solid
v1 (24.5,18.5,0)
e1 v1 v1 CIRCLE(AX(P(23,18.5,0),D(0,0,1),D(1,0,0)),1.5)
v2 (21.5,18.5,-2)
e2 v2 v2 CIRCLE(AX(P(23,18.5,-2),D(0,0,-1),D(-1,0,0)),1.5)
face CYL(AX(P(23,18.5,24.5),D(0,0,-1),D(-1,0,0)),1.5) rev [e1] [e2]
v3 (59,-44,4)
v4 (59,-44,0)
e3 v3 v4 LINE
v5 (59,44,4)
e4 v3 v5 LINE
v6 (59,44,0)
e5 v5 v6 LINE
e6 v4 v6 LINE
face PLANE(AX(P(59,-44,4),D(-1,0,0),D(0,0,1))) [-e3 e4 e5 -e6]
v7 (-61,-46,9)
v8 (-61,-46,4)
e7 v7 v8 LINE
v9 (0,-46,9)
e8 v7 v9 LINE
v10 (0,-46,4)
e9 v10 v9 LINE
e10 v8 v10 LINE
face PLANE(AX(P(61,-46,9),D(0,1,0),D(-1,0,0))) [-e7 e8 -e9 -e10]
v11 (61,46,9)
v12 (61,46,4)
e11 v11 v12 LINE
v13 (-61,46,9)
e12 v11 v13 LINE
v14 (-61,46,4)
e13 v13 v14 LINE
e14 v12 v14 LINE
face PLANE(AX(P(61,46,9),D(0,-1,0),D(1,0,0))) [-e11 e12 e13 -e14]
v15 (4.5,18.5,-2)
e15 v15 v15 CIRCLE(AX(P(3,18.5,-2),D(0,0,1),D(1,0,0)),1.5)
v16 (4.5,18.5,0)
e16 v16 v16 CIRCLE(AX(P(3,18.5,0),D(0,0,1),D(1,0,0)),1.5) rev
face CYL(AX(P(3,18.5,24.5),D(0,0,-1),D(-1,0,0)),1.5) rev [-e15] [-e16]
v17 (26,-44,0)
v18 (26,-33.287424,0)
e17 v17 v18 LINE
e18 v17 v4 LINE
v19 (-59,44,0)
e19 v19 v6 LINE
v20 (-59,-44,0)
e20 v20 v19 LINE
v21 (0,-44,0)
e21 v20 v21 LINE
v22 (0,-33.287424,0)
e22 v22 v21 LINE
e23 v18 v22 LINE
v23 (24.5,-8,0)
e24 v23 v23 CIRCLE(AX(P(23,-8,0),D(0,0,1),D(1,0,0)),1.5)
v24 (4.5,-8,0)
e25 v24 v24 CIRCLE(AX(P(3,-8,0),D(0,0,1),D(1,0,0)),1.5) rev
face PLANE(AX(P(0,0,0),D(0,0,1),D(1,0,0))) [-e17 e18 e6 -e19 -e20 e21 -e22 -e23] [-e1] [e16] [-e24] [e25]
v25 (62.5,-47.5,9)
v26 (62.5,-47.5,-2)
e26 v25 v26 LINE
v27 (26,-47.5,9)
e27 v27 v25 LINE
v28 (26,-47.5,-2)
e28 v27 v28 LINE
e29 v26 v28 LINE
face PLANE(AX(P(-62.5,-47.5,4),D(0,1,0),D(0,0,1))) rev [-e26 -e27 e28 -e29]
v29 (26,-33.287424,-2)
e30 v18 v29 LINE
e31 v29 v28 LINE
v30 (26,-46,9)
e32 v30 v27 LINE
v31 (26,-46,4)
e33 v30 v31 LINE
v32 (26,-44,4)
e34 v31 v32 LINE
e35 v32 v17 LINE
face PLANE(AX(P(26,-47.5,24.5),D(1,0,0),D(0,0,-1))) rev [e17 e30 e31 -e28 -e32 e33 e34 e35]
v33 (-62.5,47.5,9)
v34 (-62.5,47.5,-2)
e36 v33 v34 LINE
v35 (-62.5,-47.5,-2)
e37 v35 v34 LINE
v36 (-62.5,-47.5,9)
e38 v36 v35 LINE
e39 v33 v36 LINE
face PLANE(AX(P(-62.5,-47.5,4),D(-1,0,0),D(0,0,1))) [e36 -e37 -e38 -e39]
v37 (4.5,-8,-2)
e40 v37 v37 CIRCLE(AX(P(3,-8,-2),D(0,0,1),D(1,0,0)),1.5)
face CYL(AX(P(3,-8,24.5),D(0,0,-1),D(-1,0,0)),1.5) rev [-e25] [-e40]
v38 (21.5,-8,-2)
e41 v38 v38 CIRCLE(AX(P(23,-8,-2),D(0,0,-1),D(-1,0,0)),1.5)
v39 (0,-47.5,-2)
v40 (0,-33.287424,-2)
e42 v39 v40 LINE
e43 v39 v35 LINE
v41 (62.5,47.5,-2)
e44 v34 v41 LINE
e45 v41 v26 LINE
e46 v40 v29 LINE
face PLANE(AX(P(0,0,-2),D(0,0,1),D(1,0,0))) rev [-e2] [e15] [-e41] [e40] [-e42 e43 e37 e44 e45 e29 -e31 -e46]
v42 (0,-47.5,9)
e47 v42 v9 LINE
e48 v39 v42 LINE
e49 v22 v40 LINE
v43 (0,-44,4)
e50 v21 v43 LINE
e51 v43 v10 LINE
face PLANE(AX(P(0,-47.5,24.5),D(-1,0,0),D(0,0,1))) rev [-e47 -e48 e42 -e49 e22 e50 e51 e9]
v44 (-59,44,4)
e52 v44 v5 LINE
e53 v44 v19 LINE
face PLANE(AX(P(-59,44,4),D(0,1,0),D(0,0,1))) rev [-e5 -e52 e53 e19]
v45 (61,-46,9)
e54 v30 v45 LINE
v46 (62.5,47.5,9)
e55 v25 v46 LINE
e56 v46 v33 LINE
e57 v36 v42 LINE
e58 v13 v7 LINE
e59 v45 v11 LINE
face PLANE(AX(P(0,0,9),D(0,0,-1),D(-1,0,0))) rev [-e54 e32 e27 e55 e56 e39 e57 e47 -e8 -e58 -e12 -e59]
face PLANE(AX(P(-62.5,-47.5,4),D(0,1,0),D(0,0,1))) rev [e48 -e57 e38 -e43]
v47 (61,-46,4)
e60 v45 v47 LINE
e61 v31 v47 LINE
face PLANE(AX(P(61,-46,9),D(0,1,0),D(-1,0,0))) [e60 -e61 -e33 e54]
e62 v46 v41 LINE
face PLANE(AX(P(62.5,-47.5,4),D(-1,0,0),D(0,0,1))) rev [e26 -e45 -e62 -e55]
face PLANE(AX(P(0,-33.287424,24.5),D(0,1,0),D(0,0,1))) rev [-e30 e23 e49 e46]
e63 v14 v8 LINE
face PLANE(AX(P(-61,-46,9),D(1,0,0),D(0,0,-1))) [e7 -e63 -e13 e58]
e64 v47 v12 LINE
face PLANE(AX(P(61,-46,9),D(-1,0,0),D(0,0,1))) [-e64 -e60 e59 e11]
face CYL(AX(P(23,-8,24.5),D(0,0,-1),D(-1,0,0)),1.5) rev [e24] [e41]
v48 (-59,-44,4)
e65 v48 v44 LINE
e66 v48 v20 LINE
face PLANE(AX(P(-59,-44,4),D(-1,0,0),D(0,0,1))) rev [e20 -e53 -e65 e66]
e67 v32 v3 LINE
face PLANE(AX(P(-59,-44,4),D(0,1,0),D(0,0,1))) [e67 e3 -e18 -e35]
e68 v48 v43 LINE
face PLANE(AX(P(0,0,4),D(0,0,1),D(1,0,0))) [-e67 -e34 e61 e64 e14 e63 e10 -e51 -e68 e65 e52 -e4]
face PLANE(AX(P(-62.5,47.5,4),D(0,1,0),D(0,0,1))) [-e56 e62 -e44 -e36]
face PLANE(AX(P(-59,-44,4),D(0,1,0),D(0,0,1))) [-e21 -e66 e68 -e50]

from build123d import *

# Parameters (mm, degrees)
SKETCH1_W           = 125
SKETCH1_H           = 95
SKETCH1_W_2         = 118
SKETCH1_H_2         = 88
BOSS_EXTRUDE1_DEPTH = 4
SKETCH2_W           = 125
SKETCH2_H           = 95
BOSS_EXTRUDE2_DEPTH = 2
SKETCH3_W           = 125
SKETCH3_H           = 95
SKETCH3_W_2         = 122
SKETCH3_H_2         = 92
BOSS_EXTRUDE3_DEPTH = 5
SKETCH5_R           = 1.5
CUT_EXTRUDE1_DEPTH  = 26.5
SKETCH7_W           = 26
SKETCH7_H           = 14.212575567
CUT_EXTRUDE2_DEPTH  = 26.5


with BuildPart() as part:
    # Sketch1 → Boss-Extrude1 (new body)
    with BuildSketch(Plane.XY):
        Rectangle(SKETCH1_W, SKETCH1_H)
        Rectangle(SKETCH1_W_2, SKETCH1_H_2, mode=Mode.SUBTRACT)
    extrude(amount=BOSS_EXTRUDE1_DEPTH)

    # Sketch2 → Boss-Extrude2 (add)
    with BuildSketch(Plane(origin=(0, 0, 0), x_dir=(-1, 0, 0), z_dir=(0, 0, -1))):
        Rectangle(SKETCH2_W, SKETCH2_H)
    extrude(amount=BOSS_EXTRUDE2_DEPTH)

    # Sketch3 → Boss-Extrude3 (add)
    with BuildSketch(Plane.XY.offset(4)):
        Rectangle(SKETCH3_W, SKETCH3_H)
        Rectangle(SKETCH3_W_2, SKETCH3_H_2, mode=Mode.SUBTRACT)
    extrude(amount=BOSS_EXTRUDE3_DEPTH)

    # Sketch5 → Cut-Extrude1 (cut)
    with BuildSketch(Plane(origin=(0, 0, -2), x_dir=(-1, 0, 0), z_dir=(0, 0, -1))):
        with Locations((-23, 18.5)):
            Circle(SKETCH5_R)
        with Locations((-23, -8)):
            Circle(SKETCH5_R)
        with Locations((-3, -8)):
            Circle(SKETCH5_R)
        with Locations((-3, 18.5)):
            Circle(SKETCH5_R)
    extrude(amount=-CUT_EXTRUDE1_DEPTH, mode=Mode.SUBTRACT)

    # Sketch7 → Cut-Extrude2 (cut)
    with BuildSketch(Plane(origin=(0, 0, -2), x_dir=(-1, 0, 0), z_dir=(0, 0, -1))):
        with Locations((-13, -40.393712217)):
            Rectangle(SKETCH7_W, SKETCH7_H)
    extrude(amount=-CUT_EXTRUDE2_DEPTH, mode=Mode.SUBTRACT)


solid = part.part
